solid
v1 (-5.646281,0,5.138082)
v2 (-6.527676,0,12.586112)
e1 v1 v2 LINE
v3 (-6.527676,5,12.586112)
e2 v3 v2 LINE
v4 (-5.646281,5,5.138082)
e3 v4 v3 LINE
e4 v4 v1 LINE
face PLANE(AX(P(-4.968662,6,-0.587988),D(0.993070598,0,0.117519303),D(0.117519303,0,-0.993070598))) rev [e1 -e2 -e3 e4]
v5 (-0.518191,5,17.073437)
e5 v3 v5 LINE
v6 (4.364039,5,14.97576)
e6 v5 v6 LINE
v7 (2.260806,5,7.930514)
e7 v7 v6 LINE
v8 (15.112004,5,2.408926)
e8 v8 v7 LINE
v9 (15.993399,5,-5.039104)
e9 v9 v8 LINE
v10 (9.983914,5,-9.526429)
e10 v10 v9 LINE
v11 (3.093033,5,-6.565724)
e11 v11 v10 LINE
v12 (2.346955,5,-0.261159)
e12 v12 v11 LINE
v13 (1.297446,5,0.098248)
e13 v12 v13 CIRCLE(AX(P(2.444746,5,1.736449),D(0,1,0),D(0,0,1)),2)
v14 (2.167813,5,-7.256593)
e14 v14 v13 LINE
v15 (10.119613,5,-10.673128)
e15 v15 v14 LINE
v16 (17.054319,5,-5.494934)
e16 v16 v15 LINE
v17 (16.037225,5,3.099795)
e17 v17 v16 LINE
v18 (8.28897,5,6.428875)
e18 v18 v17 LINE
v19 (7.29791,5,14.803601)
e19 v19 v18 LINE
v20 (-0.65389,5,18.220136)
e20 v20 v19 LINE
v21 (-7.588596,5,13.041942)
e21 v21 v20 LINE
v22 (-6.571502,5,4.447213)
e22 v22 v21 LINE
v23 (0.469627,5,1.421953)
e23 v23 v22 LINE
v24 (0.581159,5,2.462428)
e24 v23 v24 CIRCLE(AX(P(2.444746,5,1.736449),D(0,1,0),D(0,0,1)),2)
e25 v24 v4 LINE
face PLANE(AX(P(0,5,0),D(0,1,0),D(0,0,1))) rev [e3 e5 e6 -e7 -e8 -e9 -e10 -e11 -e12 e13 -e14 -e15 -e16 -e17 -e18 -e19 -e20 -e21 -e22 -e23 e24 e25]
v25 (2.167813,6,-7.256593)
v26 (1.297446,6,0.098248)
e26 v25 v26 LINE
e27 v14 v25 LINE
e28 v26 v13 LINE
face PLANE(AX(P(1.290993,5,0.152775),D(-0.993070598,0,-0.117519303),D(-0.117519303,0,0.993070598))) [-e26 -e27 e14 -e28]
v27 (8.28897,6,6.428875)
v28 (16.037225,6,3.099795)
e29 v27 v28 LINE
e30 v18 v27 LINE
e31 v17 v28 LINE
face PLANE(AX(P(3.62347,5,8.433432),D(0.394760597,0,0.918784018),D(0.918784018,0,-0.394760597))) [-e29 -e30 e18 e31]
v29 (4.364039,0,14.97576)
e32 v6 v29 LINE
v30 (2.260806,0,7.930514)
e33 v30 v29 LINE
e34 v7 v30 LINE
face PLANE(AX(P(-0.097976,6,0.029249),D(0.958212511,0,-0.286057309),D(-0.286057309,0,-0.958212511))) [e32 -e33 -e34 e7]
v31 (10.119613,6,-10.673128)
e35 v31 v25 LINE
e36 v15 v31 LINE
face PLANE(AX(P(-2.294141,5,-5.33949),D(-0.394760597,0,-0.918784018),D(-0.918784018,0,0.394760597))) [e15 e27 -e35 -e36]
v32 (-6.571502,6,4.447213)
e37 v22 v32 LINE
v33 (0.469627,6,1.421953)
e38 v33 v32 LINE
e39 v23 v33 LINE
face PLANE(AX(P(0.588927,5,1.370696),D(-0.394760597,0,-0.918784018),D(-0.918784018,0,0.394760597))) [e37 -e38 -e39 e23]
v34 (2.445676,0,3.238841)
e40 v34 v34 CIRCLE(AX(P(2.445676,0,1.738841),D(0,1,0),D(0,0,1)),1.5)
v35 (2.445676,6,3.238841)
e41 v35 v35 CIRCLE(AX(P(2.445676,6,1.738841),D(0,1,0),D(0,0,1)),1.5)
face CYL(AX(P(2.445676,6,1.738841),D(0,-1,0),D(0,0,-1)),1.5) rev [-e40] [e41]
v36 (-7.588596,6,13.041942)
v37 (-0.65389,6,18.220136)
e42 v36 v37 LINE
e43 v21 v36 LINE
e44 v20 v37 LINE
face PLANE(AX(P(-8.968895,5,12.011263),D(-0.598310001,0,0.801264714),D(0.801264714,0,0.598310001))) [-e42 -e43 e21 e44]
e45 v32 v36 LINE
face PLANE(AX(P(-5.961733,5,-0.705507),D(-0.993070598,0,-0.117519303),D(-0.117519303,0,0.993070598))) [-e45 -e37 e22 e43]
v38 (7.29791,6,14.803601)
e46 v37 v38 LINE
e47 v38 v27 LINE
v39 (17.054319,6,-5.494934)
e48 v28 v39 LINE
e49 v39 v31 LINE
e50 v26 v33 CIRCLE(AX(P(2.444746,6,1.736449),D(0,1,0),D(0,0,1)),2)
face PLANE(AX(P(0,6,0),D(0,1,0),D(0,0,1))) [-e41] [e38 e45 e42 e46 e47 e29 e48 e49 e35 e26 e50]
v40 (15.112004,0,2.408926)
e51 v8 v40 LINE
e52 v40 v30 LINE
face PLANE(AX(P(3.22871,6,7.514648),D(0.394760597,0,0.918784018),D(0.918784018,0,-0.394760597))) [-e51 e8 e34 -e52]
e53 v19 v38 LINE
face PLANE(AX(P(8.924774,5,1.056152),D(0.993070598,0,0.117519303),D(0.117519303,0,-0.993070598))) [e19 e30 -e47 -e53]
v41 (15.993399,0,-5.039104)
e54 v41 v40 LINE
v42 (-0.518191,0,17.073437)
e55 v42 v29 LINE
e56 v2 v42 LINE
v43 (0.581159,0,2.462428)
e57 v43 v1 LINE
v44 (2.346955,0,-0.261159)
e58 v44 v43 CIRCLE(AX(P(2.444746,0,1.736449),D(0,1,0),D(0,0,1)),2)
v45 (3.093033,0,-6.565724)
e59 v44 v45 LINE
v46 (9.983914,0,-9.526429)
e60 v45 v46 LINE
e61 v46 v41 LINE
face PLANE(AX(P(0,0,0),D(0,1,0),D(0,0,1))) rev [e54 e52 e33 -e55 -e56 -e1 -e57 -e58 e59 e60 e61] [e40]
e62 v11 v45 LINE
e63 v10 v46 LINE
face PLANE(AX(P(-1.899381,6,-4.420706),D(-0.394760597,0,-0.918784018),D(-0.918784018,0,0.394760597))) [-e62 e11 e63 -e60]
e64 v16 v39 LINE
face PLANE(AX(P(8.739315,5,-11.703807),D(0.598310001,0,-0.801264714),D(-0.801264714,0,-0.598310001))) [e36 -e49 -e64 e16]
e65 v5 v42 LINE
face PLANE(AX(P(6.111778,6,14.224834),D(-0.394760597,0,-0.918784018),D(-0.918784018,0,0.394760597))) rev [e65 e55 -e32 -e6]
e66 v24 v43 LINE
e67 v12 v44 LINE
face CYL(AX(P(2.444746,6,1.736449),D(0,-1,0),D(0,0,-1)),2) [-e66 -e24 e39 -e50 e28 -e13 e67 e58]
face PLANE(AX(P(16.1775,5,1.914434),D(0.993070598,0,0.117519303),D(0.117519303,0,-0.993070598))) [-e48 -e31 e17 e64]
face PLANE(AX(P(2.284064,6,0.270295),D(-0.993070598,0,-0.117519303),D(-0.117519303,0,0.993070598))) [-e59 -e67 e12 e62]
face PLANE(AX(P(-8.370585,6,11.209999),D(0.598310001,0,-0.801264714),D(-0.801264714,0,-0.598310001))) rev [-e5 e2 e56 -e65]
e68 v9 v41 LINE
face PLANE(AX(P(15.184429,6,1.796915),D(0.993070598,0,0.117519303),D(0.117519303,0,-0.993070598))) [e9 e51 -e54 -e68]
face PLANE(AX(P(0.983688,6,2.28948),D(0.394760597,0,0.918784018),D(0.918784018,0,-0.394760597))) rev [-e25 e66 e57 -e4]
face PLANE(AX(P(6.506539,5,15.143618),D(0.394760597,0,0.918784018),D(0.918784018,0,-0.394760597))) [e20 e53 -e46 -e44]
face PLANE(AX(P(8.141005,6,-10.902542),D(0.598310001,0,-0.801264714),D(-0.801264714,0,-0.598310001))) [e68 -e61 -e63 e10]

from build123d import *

# Parameters (mm, degrees)
SKETCH1_R           = 1.5
BOSS_EXTRUDE1_DEPTH = 6
BOSS_EXTRUDE2_DEPTH = 1


with BuildPart() as part:
    # Sketch1 → Boss-Extrude1 (new body)
    with BuildSketch(Plane(origin=(0, 0, 0), x_dir=(1, 0, 0), z_dir=(0, 1, 0))):
        with BuildLine():
            ThreePointArc((2.346955398, 0.261158526), (0.766582759, -0.648437779), (0.581159215, -2.462428195))
            Line((0.581159215, -2.462428195), (-5.646281291, -5.138082195))
            Line((-5.646281291, -5.138082195), (-6.527676066, -12.586111683))
            Line((-6.527676066, -12.586111683), (-0.518190709, -17.073436693))
            Line((-0.518190709, -17.073436693), (4.364038924, -14.975759929))
            Line((4.364038924, -14.975759929), (2.260805866, -7.930513525))
            Line((2.260805866, -7.930513525), (15.112004176, -2.408925622))
            Line((15.112004176, -2.408925622), (15.993398951, 5.039103866))
            Line((15.993398951, 5.039103866), (9.983913594, 9.526428876))
            Line((9.983913594, 9.526428876), (3.093033462, 6.565724398))
            Line((3.093033462, 6.565724398), (2.346955398, 0.261158526))
        make_face()
        with Locations((2.445675843, -1.738841474)):
            Circle(SKETCH1_R, mode=Mode.SUBTRACT)
    extrude(amount=BOSS_EXTRUDE1_DEPTH)

    # Sketch2 → Boss-Extrude2 (add)
    with BuildSketch(Plane(origin=(0, 6, 0), x_dir=(1, 0, 0), z_dir=(0, 1, 0))):
        with BuildLine():
            Line((0.469627416, -1.421953369), (-6.571502088, -4.447213314))
            Line((-6.571502088, -4.447213314), (-7.588596466, -13.041941957))
            Line((-7.588596466, -13.041941957), (-0.653890312, -18.220135847))
            Line((-0.653890312, -18.220135847), (7.29791022, -14.803601096))
            Line((7.29791022, -14.803601096), (8.288969653, -6.428874937))
            Line((8.288969653, -6.428874937), (16.037224973, -3.099794503))
            Line((16.037224973, -3.099794503), (17.054319351, 5.494934139))
            Line((17.054319351, 5.494934139), (10.119613197, 10.67312803))
            Line((10.119613197, 10.67312803), (2.167812665, 7.256593278))
            Line((2.167812665, 7.256593278), (1.297445688, -0.098248268))
            ThreePointArc((1.297445688, -0.098248268), (1.796782906, 0.15567759), (2.346955398, 0.261158526))
            Line((2.346955398, 0.261158526), (3.093033462, 6.565724398))
            Line((3.093033462, 6.565724398), (9.983913594, 9.526428876))
            Line((9.983913594, 9.526428876), (15.993398951, 5.039103866))
            Line((15.993398951, 5.039103866), (15.112004176, -2.408925622))
            Line((15.112004176, -2.408925622), (2.260805866, -7.930513525))
            Line((2.260805866, -7.930513525), (4.364038924, -14.975759929))
            Line((4.364038924, -14.975759929), (-0.518190709, -17.073436693))
            Line((-0.518190709, -17.073436693), (-6.527676066, -12.586111683))
            Line((-6.527676066, -12.586111683), (-5.646281291, -5.138082195))
            Line((-5.646281291, -5.138082195), (0.581159215, -2.462428195))
            ThreePointArc((0.581159215, -2.462428195), (0.456138011, -1.949614478), (0.469627416, -1.421953369))
        make_face()
    extrude(amount=-BOSS_EXTRUDE2_DEPTH)


solid = part.part
